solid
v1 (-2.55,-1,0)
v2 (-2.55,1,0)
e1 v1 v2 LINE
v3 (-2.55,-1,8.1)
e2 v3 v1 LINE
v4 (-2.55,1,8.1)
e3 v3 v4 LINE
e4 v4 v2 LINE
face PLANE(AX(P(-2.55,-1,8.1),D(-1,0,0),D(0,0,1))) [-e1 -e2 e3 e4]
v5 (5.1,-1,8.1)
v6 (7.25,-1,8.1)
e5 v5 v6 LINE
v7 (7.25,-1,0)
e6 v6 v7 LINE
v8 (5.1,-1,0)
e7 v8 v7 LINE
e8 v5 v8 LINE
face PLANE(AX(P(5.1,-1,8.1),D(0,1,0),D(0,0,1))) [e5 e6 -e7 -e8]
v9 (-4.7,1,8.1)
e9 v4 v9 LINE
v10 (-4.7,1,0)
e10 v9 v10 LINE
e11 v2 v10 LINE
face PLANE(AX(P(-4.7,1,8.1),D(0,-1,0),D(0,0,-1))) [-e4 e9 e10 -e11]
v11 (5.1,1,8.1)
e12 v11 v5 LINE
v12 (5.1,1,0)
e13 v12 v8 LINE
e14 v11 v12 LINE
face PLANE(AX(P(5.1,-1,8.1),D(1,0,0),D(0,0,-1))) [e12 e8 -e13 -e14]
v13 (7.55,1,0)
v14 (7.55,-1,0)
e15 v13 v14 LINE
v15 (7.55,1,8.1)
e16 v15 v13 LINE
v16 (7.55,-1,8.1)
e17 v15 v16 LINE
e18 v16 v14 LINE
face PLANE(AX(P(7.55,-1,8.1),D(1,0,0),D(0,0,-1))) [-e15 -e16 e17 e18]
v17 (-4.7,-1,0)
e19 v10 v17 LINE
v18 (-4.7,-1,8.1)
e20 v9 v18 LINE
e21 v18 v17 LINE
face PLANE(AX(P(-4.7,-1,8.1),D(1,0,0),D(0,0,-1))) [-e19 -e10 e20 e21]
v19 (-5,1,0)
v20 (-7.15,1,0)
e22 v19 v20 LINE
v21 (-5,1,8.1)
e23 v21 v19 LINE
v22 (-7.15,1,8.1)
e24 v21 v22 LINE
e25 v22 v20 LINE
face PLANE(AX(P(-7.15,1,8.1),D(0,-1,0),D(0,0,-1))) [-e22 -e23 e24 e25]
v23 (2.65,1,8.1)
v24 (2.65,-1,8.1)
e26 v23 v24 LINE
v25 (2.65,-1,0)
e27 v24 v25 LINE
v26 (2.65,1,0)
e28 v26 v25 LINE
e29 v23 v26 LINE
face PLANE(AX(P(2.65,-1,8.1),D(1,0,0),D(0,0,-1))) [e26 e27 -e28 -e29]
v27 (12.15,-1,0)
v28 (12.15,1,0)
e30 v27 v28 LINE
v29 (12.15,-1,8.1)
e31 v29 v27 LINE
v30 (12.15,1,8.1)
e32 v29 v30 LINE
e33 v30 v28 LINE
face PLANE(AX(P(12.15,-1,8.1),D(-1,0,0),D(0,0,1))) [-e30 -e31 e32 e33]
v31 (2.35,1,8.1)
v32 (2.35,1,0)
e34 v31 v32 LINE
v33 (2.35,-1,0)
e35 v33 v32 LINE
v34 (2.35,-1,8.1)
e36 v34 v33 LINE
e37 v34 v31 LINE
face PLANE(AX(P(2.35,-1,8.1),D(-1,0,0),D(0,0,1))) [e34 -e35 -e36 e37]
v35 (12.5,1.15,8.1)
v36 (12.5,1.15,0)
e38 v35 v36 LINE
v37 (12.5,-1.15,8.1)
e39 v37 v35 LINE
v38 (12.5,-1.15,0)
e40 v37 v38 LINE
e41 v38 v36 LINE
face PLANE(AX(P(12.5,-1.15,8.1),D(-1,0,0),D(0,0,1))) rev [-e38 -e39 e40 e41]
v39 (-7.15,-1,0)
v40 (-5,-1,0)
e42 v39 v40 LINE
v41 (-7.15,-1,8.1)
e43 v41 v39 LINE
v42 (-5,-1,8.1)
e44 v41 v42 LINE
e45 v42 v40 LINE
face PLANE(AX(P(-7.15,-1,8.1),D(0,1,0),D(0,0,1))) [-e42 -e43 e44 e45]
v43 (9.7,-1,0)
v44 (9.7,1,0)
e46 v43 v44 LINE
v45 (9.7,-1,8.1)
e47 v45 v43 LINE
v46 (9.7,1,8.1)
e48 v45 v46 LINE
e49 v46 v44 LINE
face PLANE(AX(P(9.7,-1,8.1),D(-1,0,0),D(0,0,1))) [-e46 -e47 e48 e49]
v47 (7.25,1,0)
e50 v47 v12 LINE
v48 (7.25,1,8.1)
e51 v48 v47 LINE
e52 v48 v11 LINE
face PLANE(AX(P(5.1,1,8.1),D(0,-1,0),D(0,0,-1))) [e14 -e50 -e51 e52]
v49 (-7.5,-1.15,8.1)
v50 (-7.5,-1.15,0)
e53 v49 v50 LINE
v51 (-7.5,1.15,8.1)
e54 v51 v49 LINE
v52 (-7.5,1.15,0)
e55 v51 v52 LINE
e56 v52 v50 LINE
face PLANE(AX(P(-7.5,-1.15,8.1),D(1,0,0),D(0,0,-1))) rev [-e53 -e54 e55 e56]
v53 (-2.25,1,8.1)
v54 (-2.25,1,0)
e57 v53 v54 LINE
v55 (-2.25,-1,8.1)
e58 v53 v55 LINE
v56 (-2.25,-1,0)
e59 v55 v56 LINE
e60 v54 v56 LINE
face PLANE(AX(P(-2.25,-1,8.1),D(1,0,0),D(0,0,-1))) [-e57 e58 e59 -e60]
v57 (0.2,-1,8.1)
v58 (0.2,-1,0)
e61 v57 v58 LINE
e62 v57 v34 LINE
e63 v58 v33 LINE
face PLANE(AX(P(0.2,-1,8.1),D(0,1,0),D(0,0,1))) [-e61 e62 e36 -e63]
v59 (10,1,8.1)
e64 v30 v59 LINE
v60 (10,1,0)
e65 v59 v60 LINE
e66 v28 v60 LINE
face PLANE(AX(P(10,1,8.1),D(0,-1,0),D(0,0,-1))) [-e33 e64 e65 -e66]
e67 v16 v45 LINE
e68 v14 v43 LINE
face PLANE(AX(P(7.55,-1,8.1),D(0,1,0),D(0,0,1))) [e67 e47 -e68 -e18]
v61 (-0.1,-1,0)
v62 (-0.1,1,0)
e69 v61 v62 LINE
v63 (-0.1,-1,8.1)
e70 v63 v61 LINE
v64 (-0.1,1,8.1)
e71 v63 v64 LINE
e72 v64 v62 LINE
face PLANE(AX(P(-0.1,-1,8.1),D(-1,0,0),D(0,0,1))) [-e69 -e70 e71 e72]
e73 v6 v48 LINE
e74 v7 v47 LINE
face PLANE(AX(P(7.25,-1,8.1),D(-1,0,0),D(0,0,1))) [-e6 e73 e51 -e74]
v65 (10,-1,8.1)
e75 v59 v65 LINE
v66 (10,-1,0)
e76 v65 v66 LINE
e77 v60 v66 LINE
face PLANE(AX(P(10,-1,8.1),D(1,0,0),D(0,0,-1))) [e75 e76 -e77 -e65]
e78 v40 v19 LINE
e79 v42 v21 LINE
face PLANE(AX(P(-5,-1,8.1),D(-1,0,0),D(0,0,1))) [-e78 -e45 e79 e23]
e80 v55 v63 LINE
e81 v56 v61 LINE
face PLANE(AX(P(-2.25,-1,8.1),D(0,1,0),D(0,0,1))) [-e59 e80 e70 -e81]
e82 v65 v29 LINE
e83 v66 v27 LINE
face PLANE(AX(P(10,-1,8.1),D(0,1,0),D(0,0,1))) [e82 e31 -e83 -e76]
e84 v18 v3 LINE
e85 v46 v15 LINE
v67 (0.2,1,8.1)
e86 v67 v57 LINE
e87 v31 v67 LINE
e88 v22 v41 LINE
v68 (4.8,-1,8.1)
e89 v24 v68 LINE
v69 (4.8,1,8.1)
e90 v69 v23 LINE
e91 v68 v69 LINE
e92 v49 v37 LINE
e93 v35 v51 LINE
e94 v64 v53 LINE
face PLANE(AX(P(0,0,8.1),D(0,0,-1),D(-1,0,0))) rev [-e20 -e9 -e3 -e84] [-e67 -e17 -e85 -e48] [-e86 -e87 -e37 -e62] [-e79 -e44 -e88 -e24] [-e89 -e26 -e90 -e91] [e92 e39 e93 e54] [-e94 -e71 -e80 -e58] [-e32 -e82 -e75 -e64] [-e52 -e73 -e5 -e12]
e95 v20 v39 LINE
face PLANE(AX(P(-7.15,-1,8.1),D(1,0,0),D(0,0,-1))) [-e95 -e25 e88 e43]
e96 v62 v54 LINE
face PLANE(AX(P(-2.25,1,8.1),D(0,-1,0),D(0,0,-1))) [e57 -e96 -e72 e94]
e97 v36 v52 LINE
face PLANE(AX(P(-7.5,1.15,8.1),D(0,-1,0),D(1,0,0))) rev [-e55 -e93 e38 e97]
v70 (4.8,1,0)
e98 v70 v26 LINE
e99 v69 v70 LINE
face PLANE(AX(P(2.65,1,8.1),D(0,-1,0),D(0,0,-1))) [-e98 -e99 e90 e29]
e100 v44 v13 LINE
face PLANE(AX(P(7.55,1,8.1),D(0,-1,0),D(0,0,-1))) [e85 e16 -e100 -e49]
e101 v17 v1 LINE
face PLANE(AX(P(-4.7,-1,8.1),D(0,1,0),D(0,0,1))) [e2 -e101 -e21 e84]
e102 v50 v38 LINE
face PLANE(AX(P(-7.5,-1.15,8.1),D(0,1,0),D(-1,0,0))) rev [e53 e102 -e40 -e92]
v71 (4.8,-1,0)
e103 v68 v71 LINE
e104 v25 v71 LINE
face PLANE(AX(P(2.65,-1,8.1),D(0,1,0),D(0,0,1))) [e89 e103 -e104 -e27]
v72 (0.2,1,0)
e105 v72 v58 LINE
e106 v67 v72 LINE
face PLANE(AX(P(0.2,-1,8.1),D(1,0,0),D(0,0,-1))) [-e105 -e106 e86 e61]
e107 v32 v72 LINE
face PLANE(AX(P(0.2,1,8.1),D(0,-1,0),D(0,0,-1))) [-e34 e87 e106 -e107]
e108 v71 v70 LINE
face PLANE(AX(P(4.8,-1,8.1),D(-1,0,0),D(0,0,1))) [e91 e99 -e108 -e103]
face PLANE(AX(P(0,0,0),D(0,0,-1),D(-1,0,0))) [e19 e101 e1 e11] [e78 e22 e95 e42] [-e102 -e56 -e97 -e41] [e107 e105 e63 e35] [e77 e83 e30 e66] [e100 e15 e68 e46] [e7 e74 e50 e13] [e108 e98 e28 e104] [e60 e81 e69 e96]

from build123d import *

# Parameters (mm, degrees)
ESQUISSE1_W        = 20
ESQUISSE1_H        = 2.3
ESQUISSE1_W_2      = 2.15
ESQUISSE1_H_2      = 2
BOSS_EXTRU_2_DEPTH = 8.1


with BuildPart() as part:
    # Esquisse1 → Boss.-Extru.2 (new body)
    with BuildSketch(Plane.XY):
        with Locations((2.5, 0)):
            Rectangle(ESQUISSE1_W, ESQUISSE1_H)
        with Locations((-3.625, 0)):
            Rectangle(ESQUISSE1_W_2, ESQUISSE1_H_2, mode=Mode.SUBTRACT)
        with Locations((-6.075, 0)):
            Rectangle(ESQUISSE1_W_2, ESQUISSE1_H_2, mode=Mode.SUBTRACT)
        with Locations((-1.175, 0)):
            Rectangle(ESQUISSE1_W_2, ESQUISSE1_H_2, mode=Mode.SUBTRACT)
        with Locations((1.275, 0)):
            Rectangle(ESQUISSE1_W_2, ESQUISSE1_H_2, mode=Mode.SUBTRACT)
        with Locations((3.725, 0)):
            Rectangle(ESQUISSE1_W_2, ESQUISSE1_H_2, mode=Mode.SUBTRACT)
        with Locations((6.175, 0)):
            Rectangle(ESQUISSE1_W_2, ESQUISSE1_H_2, mode=Mode.SUBTRACT)
        with Locations((8.625, 0)):
            Rectangle(ESQUISSE1_W_2, ESQUISSE1_H_2, mode=Mode.SUBTRACT)
        with Locations((11.075, 0)):
            Rectangle(ESQUISSE1_W_2, ESQUISSE1_H_2, mode=Mode.SUBTRACT)
    extrude(amount=BOSS_EXTRU_2_DEPTH)


solid = part.part
